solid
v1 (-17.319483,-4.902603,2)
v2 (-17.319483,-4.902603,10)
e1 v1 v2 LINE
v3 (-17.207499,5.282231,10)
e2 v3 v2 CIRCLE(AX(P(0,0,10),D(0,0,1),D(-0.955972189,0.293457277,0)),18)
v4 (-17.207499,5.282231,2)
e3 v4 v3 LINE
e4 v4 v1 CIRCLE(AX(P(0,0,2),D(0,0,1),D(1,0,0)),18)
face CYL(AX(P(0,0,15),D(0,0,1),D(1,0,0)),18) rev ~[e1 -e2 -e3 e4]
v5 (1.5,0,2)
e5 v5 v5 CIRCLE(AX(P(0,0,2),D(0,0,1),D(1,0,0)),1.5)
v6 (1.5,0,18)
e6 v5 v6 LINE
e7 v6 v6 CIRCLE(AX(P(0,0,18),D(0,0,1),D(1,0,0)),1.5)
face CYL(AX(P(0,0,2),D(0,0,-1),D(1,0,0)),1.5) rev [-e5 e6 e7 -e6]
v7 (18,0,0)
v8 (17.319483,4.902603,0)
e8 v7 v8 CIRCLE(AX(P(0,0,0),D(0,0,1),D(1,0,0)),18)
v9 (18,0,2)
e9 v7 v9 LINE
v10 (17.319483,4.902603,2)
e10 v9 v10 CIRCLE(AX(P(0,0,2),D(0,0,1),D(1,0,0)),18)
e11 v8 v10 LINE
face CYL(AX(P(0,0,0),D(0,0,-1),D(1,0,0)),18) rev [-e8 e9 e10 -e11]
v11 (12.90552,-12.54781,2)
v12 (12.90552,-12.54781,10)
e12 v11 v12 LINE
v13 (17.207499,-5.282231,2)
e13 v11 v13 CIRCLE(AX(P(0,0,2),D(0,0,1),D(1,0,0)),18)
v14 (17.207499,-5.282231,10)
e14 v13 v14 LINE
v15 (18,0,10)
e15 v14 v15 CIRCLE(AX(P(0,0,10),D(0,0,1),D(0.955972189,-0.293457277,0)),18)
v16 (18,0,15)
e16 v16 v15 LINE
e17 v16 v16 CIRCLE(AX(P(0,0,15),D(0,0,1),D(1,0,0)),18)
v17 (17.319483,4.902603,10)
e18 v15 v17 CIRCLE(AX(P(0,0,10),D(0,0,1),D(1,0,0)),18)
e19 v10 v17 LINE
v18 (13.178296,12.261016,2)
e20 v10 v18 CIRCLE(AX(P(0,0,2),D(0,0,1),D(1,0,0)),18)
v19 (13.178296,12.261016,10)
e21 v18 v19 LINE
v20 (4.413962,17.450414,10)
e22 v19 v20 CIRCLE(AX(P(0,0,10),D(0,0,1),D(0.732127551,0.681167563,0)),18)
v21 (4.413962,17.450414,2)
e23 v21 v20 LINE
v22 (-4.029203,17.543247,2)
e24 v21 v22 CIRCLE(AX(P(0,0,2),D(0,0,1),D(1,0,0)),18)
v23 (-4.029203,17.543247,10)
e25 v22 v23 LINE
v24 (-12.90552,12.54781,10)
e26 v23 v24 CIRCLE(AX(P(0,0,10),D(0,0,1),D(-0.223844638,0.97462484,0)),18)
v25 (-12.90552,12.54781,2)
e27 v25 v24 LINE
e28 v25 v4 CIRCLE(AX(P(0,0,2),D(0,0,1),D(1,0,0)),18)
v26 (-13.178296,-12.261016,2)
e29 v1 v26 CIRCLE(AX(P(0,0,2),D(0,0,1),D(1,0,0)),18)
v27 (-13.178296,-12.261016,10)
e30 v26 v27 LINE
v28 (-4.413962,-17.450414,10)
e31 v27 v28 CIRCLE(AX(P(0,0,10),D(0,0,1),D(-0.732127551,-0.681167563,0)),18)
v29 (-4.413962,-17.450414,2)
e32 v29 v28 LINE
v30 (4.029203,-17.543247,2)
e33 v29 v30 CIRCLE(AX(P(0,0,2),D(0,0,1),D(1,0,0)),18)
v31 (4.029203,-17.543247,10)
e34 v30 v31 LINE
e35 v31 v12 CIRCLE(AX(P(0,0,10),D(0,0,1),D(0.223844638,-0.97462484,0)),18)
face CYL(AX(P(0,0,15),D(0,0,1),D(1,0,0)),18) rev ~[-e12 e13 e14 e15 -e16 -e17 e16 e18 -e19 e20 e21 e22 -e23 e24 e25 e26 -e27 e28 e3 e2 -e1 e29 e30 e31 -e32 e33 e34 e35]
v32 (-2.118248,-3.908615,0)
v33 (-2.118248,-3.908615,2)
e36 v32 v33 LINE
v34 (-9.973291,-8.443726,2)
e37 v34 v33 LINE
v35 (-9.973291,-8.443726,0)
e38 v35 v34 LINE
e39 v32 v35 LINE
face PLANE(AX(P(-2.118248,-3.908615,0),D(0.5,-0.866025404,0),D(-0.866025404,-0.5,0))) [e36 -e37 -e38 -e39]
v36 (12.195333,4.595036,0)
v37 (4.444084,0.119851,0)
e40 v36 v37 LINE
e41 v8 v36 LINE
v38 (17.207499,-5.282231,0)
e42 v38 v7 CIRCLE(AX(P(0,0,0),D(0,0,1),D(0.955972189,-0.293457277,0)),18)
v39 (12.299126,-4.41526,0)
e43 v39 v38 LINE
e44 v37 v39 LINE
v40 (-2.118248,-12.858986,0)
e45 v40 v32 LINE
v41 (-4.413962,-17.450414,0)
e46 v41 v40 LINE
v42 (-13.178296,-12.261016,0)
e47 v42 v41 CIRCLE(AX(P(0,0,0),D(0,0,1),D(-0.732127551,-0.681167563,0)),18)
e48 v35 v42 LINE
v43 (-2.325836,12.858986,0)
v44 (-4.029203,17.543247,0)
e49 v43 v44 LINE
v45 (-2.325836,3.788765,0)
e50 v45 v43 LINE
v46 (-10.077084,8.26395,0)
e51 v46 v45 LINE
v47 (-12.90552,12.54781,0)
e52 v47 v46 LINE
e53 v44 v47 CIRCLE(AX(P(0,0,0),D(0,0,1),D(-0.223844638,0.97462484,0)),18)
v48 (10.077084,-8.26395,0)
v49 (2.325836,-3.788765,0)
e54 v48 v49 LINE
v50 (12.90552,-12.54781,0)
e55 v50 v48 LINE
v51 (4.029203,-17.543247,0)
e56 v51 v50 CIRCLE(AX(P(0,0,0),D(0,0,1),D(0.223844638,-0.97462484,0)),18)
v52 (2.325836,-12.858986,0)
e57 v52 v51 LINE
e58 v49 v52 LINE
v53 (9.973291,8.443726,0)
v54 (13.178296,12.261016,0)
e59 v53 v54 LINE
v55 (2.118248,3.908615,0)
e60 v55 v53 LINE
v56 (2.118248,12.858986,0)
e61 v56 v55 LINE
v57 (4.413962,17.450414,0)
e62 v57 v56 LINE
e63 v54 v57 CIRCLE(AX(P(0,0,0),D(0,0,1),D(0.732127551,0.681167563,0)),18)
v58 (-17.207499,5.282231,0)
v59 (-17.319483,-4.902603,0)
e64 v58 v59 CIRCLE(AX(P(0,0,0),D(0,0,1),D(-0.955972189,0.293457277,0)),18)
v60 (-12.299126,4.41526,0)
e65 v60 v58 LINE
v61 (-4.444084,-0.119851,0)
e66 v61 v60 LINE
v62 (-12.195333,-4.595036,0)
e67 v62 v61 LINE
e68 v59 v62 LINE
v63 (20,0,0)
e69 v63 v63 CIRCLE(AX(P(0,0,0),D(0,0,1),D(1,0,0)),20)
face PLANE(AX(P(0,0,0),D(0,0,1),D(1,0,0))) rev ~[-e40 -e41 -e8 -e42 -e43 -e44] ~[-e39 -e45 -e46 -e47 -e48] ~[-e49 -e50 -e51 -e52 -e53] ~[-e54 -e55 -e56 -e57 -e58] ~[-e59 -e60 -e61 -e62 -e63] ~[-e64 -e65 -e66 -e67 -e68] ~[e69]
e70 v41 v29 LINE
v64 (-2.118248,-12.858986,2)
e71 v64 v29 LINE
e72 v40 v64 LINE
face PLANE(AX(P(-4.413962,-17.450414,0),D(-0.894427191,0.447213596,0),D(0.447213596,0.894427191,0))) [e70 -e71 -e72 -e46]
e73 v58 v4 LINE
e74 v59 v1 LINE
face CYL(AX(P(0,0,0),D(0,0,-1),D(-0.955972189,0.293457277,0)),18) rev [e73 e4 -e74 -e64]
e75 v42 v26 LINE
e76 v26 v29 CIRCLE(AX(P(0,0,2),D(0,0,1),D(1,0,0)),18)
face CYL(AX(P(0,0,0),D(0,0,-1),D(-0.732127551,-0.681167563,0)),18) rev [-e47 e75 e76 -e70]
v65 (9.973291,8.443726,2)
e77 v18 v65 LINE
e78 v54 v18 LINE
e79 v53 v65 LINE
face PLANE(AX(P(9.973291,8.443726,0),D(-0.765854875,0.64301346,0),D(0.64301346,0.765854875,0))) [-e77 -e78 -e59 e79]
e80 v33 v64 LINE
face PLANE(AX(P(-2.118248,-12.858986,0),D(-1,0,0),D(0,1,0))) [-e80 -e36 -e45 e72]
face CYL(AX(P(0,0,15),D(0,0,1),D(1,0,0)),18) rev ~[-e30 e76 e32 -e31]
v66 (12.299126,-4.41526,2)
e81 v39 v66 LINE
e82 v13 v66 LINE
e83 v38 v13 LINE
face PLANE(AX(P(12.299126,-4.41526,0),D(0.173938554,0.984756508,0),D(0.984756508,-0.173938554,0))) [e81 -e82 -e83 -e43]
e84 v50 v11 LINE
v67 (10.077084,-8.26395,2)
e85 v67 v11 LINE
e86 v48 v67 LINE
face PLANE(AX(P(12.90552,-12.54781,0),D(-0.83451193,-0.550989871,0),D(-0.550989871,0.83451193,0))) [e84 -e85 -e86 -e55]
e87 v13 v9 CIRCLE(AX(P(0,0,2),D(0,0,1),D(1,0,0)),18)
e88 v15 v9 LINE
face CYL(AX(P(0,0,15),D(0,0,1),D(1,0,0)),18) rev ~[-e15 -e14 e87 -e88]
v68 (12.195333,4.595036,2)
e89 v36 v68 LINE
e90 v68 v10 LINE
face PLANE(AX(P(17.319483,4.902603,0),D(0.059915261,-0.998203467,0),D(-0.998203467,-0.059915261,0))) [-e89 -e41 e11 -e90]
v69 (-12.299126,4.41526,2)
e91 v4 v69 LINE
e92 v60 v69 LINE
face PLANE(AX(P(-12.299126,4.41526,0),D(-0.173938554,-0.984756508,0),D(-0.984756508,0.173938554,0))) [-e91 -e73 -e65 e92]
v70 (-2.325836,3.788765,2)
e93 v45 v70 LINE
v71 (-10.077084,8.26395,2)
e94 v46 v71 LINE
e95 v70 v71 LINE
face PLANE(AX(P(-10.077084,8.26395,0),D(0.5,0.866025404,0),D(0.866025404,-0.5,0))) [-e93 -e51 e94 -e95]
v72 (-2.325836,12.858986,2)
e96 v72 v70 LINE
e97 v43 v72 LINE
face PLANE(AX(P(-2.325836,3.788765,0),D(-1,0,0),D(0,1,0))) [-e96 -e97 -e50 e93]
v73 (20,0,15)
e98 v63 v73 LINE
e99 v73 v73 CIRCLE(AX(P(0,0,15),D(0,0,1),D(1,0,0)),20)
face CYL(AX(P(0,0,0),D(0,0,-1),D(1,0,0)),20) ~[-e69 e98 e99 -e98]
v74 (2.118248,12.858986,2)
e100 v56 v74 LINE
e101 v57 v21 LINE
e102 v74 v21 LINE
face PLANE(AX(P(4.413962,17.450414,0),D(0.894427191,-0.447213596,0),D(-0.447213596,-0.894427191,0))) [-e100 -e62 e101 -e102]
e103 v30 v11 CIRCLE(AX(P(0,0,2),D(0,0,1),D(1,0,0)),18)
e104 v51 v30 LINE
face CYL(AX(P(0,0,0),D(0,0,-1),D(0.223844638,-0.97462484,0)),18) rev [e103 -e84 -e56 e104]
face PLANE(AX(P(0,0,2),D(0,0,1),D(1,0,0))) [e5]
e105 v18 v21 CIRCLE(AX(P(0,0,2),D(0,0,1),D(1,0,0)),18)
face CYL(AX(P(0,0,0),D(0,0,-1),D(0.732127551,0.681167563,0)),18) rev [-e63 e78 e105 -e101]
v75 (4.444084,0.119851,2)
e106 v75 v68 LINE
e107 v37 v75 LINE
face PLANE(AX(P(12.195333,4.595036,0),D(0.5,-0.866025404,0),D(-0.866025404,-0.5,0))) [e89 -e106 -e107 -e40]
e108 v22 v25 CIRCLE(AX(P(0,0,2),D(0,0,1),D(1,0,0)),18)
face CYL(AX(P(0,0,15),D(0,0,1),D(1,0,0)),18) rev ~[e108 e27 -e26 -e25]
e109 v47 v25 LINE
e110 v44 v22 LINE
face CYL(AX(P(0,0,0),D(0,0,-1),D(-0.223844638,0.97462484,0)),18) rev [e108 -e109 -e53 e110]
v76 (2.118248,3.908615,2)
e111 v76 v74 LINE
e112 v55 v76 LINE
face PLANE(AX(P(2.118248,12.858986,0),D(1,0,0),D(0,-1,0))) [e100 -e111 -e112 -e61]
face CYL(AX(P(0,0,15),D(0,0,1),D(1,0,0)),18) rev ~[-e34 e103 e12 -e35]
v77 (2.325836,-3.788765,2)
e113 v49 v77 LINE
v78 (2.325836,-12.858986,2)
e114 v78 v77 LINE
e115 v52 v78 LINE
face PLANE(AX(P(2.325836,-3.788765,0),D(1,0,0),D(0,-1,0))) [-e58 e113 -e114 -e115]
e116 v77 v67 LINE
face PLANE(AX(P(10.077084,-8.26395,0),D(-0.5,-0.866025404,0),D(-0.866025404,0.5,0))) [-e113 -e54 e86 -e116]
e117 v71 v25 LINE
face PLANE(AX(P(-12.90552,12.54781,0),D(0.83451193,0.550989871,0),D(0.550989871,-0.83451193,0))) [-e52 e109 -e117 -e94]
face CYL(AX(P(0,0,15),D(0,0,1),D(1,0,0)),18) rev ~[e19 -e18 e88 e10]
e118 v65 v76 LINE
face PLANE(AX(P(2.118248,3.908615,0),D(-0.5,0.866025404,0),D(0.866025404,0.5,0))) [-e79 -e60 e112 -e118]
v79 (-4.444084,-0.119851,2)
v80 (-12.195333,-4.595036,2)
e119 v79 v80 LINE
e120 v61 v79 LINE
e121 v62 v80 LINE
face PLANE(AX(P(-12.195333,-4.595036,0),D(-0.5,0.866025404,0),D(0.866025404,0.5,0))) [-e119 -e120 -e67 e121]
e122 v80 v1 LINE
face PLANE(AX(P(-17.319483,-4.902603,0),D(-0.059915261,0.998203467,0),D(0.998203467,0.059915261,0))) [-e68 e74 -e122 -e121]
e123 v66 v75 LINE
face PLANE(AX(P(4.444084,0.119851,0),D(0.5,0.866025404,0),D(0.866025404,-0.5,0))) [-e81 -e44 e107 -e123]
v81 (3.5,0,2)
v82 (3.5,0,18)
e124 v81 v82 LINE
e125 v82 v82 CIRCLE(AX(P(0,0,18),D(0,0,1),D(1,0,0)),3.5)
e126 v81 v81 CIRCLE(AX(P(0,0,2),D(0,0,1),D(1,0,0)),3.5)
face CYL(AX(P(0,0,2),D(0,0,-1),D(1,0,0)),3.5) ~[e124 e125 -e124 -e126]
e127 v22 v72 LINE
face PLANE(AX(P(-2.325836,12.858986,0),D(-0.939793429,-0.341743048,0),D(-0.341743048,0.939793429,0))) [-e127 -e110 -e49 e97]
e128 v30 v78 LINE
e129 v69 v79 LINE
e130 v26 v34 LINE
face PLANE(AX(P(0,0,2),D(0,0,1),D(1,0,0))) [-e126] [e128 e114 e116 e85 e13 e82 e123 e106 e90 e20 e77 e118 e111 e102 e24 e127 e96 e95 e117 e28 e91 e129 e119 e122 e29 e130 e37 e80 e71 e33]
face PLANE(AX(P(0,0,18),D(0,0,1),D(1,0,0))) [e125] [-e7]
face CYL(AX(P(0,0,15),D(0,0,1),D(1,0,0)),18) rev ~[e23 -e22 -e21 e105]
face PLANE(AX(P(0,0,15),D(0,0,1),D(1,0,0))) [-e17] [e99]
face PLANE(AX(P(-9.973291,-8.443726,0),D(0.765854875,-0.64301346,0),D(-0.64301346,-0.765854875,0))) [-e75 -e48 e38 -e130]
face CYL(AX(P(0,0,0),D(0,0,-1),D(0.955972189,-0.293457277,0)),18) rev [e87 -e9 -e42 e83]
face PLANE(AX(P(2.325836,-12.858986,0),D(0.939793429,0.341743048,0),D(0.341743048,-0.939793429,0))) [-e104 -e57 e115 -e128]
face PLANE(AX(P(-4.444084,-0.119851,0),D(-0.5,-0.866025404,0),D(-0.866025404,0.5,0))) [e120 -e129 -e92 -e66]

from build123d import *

# Parameters (mm, degrees)
F0_R     = 20
F1_DEPTH = 15
F2_R     = 18
F3_DEPTH = 13
F4_R     = 3.5
F4_R_2   = 1.5
F5_DEPTH = 16
F8_DEPTH = 10


with BuildPart() as f1:
    # F0 (on Top) → F1 (new body)
    with BuildSketch(Plane.XY):
        Circle(F0_R)
    extrude(amount=F1_DEPTH)

    # F2 (on face) → F3 (cut)
    with BuildSketch(Plane.XY.offset(15)):
        Circle(F2_R)
    extrude(amount=-F3_DEPTH, mode=Mode.SUBTRACT)

    # F4 (on face) → F5 (join)
    with BuildSketch(Plane.XY.offset(2)):
        Circle(F4_R)
        Circle(F4_R_2, mode=Mode.SUBTRACT)
    extrude(amount=F5_DEPTH)

    # F7 (on face) → F8 (cut)
    with BuildSketch(Plane.XY):
        with BuildLine():
            Line((10.0770842302, -8.2639499676), (2.3258358706, -3.7887646407))
            Line((2.3258358706, -3.7887646407), (2.3258358706, -12.8589859232))
            Line((2.3258358706, -12.8589859232), (4.0292034895, -17.5432471122))
            ThreePointArc((4.0292034895, -17.5432471122), (8.8280697184, -15.6864650271), (12.9055203458, -12.5478103509))
            Line((12.9055203458, -12.5478103509), (10.0770842302, -8.2639499676))
        make_face()
        with BuildLine():
            Line((-2.1182484925, -12.8589859232), (-2.1182484925, -3.9086152693))
            Line((-2.1182484925, -3.9086152693), (-9.9732905411, -8.4437259106))
            Line((-9.9732905411, -8.4437259106), (-13.1782959193, -12.261016135))
            ThreePointArc((-13.1782959193, -12.261016135), (-9.1708423498, -15.4885651561), (-4.4139623529, -17.450413644))
            Line((-4.4139623529, -17.450413644), (-2.1182484925, -12.8589859232))
        make_face()
        with BuildLine():
            Line((-12.1953327227, -4.5950359556), (-4.4440843631, -0.1198506286))
            Line((-4.4440843631, -0.1198506286), (-12.2991264117, 4.4152600127))
            Line((-12.2991264117, 4.4152600127), (-17.2074994088, 5.2822309772))
            ThreePointArc((-17.2074994088, 5.2822309772), (-17.9989120683, 0.197899871), (-17.3194826987, -4.9026032931))
            Line((-17.3194826987, -4.9026032931), (-12.1953327227, -4.5950359556))
        make_face()
        with BuildLine():
            Line((-10.0770842302, 8.2639499676), (-2.3258358706, 3.7887646407))
            Line((-2.3258358706, 3.7887646407), (-2.3258358706, 12.8589859232))
            Line((-2.3258358706, 12.8589859232), (-4.0292034895, 17.5432471122))
            ThreePointArc((-4.0292034895, 17.5432471122), (-8.8280697184, 15.6864650271), (-12.9055203458, 12.5478103509))
            Line((-12.9055203458, 12.5478103509), (-10.0770842302, 8.2639499676))
        make_face()
        with BuildLine():
            Line((2.1182484925, 12.8589859232), (2.1182484925, 3.9086152693))
            Line((2.1182484925, 3.9086152693), (9.9732905411, 8.4437259106))
            Line((9.9732905411, 8.4437259106), (13.1782959193, 12.261016135))
            ThreePointArc((13.1782959193, 12.261016135), (9.1708423498, 15.4885651561), (4.4139623529, 17.450413644))
            Line((4.4139623529, 17.450413644), (2.1182484925, 12.8589859232))
        make_face()
        with BuildLine():
            Line((12.1953327227, 4.5950359556), (4.4440843631, 0.1198506286))
            Line((4.4440843631, 0.1198506286), (12.2991264117, -4.4152600127))
            Line((12.2991264117, -4.4152600127), (17.2074994088, -5.2822309772))
            ThreePointArc((17.2074994088, -5.2822309772), (17.8007723057, -2.6706750684), (18, 0))
            ThreePointArc((18, 0), (17.8290589849, 2.4748041764), (17.3194826987, 4.9026032931))
            Line((17.3194826987, 4.9026032931), (12.1953327227, 4.5950359556))
        make_face()
    extrude(amount=F8_DEPTH, mode=Mode.SUBTRACT)


solid = f1.part
